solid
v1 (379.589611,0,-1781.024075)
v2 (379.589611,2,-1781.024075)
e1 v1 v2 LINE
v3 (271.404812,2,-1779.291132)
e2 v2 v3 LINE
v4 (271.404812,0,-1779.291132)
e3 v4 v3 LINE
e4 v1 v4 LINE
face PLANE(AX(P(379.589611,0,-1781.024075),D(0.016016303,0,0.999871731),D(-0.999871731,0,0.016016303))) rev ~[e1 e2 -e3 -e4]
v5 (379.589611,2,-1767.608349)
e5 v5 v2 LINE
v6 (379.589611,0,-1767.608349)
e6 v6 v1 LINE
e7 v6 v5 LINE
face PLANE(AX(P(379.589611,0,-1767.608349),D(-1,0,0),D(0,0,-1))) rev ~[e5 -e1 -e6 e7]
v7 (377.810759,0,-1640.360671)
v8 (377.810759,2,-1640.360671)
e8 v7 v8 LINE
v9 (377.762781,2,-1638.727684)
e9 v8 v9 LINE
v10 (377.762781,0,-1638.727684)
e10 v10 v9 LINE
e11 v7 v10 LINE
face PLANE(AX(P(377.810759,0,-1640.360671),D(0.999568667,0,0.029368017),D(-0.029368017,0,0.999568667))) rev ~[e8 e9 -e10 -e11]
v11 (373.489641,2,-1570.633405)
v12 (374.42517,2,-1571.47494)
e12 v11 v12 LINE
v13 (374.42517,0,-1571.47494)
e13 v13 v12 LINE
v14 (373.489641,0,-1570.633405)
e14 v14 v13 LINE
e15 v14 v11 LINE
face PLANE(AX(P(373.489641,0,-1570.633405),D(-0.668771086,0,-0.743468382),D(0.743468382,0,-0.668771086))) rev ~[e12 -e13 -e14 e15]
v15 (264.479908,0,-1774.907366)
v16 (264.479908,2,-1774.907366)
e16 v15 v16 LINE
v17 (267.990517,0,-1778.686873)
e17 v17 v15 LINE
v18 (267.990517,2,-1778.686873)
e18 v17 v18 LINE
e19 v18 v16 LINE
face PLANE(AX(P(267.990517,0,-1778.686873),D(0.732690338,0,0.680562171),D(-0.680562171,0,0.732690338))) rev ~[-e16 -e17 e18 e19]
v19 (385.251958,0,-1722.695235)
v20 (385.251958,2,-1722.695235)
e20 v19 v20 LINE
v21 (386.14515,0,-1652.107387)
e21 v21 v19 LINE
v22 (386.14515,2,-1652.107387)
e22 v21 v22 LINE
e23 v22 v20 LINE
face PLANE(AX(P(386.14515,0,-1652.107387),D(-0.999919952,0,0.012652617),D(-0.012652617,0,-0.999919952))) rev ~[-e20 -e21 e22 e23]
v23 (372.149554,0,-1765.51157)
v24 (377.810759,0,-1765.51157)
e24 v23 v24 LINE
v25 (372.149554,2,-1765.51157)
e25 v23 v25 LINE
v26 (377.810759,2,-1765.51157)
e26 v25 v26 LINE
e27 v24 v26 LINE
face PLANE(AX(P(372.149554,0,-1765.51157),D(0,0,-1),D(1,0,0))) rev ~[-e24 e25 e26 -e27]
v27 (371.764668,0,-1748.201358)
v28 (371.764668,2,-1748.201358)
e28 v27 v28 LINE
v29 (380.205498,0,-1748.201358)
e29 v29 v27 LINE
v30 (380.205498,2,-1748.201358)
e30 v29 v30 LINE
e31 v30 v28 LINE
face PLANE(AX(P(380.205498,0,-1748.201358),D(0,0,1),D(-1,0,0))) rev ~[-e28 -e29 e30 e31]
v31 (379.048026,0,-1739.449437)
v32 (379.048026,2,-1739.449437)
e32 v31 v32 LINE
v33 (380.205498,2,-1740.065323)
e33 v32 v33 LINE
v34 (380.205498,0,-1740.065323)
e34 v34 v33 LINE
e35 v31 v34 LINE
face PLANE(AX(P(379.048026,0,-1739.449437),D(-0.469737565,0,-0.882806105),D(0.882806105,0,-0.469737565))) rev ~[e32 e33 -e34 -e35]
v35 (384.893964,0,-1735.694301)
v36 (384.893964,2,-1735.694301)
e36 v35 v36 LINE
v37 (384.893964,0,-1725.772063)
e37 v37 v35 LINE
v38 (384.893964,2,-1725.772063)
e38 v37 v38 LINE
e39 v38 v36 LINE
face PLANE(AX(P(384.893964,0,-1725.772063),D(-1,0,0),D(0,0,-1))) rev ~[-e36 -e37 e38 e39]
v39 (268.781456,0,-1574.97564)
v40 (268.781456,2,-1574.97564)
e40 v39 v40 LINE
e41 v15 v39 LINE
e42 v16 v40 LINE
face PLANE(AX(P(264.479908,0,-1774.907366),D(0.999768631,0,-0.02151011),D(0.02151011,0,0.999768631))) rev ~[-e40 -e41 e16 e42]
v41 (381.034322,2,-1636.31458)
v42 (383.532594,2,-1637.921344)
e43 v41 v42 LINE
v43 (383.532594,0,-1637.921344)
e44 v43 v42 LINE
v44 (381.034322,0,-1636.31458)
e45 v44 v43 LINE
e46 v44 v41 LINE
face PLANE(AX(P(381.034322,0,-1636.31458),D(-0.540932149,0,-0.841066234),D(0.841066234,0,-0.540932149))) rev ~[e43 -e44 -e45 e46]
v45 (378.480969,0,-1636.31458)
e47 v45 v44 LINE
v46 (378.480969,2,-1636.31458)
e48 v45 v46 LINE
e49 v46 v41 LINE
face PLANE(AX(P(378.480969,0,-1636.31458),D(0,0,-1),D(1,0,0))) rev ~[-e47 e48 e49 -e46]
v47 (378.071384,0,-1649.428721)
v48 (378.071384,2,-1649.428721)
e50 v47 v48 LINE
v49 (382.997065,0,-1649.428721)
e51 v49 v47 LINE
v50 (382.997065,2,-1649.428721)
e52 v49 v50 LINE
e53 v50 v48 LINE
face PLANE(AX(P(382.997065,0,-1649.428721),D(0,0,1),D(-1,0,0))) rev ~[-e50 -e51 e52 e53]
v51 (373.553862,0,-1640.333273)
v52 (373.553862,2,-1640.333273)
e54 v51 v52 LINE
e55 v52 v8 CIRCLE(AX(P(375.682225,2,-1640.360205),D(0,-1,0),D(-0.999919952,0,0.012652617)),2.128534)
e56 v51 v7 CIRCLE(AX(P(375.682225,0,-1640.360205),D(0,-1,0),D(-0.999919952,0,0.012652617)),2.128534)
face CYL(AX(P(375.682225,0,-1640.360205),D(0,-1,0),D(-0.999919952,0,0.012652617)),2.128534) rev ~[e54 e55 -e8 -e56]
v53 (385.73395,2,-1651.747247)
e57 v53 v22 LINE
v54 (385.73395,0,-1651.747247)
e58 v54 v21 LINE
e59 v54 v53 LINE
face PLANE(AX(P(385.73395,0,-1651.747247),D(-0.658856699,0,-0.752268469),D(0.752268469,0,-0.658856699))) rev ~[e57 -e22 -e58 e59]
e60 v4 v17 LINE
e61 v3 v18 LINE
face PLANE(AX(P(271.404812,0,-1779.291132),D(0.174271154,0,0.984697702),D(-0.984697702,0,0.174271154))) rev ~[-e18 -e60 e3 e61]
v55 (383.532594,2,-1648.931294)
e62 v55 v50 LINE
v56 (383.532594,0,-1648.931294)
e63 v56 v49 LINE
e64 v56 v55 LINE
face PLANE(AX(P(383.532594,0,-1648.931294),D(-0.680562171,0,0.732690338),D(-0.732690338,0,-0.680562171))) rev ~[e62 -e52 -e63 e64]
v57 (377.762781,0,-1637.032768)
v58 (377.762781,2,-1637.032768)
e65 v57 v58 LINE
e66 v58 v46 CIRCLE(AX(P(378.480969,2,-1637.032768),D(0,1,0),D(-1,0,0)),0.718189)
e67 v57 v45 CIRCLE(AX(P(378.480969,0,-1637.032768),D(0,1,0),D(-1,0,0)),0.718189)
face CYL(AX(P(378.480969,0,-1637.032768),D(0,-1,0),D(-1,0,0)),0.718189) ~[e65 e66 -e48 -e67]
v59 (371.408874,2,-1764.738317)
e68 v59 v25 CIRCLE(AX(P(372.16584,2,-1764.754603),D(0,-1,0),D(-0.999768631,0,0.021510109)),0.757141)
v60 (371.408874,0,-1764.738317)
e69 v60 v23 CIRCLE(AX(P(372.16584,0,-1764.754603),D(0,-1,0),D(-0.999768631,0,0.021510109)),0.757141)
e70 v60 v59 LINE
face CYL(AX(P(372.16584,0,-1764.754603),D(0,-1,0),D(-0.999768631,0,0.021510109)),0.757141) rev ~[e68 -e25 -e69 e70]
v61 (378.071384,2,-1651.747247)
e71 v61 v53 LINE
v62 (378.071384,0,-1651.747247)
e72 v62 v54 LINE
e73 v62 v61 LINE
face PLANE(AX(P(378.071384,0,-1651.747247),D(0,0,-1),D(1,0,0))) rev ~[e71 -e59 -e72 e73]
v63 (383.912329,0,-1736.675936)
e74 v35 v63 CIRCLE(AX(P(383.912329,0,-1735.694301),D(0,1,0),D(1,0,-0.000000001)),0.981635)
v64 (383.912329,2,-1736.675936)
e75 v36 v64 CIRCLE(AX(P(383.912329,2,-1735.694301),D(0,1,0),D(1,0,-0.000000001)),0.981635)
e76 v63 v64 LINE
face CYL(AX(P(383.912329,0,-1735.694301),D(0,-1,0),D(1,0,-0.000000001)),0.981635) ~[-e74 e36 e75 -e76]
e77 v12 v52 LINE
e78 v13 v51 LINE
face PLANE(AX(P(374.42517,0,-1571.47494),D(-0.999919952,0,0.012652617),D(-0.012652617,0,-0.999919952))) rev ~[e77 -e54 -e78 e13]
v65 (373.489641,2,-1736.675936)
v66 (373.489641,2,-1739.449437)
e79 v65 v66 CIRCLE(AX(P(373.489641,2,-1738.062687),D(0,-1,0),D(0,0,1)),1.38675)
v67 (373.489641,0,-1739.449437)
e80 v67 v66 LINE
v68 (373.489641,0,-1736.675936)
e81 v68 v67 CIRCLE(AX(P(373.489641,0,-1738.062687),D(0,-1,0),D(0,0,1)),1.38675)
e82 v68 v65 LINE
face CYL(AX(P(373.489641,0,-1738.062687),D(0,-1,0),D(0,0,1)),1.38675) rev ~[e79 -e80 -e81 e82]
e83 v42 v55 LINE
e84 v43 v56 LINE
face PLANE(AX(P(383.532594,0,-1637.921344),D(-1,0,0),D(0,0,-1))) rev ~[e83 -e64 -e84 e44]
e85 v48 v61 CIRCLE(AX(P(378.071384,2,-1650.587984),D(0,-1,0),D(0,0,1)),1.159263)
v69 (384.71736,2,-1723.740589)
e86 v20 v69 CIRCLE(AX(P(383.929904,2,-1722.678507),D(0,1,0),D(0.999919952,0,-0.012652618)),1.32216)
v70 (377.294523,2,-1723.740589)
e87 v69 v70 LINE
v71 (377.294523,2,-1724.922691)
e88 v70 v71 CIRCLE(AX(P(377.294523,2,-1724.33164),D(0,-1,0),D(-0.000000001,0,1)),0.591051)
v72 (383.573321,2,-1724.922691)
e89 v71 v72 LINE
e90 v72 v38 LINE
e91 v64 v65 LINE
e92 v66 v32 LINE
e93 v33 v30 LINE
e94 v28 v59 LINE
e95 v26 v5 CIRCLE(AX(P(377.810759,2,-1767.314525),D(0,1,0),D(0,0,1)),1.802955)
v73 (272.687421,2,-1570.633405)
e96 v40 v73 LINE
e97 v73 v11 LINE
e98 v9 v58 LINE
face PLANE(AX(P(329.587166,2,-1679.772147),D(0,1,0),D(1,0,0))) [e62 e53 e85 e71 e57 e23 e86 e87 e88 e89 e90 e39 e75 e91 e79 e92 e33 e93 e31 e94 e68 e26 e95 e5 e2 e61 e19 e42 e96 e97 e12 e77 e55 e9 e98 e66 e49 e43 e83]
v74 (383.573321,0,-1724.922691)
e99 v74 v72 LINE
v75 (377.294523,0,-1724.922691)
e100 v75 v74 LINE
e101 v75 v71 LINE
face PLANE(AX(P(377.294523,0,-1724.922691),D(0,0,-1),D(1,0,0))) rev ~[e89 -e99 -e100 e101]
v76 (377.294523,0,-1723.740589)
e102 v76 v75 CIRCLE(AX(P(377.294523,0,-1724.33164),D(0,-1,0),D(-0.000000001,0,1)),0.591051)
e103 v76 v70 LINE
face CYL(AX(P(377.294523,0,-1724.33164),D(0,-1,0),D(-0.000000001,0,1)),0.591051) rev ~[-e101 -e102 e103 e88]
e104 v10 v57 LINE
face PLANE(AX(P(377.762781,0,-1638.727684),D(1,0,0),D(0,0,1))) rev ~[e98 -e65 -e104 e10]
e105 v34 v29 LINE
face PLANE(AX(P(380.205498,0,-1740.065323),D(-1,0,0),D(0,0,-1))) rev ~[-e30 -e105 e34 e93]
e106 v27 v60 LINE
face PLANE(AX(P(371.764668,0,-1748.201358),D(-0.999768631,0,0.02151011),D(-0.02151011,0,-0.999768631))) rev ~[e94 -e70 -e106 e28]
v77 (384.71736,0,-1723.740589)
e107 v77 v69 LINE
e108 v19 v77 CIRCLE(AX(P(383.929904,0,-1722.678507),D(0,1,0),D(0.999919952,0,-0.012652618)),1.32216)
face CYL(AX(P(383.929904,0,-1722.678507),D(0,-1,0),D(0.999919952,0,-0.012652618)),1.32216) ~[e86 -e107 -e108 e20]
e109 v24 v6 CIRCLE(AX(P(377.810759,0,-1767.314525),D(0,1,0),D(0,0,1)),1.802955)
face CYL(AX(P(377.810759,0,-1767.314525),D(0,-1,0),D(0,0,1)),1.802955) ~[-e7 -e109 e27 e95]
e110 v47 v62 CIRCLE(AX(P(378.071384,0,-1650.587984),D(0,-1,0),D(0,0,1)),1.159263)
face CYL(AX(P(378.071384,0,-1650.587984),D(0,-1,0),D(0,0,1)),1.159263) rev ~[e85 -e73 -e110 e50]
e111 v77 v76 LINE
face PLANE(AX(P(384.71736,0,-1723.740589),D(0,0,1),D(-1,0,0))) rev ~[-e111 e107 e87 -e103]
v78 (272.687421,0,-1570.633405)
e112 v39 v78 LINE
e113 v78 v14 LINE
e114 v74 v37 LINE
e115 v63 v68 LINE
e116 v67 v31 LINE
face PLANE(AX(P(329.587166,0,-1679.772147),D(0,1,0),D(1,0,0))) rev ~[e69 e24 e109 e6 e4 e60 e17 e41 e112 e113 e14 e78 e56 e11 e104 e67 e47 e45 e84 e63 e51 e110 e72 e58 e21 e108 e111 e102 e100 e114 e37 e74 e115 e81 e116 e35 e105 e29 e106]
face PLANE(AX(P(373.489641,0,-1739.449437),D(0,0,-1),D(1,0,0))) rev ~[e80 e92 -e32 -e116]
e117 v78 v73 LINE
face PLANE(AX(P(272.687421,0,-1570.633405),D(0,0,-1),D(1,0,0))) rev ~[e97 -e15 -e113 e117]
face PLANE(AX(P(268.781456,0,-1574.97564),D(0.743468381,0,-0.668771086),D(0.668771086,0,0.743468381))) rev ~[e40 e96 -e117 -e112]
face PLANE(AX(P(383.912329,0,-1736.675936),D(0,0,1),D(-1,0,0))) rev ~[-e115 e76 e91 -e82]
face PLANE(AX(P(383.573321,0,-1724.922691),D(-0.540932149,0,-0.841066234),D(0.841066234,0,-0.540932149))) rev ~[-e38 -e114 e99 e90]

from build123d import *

# Parameters (mm, degrees)
BOSS_EXTRUDE1_DEPTH = 2


with BuildPart() as part:
    # Sketch2 → Boss-Extrude1 (new body)
    with BuildSketch(Plane(origin=(0, 0, 0), x_dir=(1, 0, 0), z_dir=(0, 1, 0))):
        with BuildLine():
            Line((377.810759056, 1640.360670751), (377.762780786, 1638.727684223))
            Line((377.762780786, 1638.727684223), (377.762780786, 1637.032768164))
            ThreePointArc((377.762780786, 1637.032768164), (377.973133338, 1636.52493218), (378.480969321, 1636.314579628))
            Line((378.480969321, 1636.314579628), (381.034322317, 1636.314579628))
            Line((381.034322317, 1636.314579628), (383.53259373, 1637.921344077))
            Line((383.53259373, 1637.921344077), (383.53259373, 1648.93129383))
            Line((383.53259373, 1648.93129383), (382.997065463, 1649.428721271))
            Line((382.997065463, 1649.428721271), (378.071384282, 1649.428721271))
            ThreePointArc((378.071384282, 1649.428721271), (376.912121238, 1650.587984315), (378.071384282, 1651.747247359))
            Line((378.071384282, 1651.747247359), (385.733950351, 1651.747247359))
            Line((385.733950351, 1651.747247359), (386.145150231, 1652.107387132))
            Line((386.145150231, 1652.107387132), (385.251957701, 1722.695235293))
            ThreePointArc((385.251957701, 1722.695235293), (385.107061178, 1723.280508889), (384.717360317, 1723.740588689))
            Line((384.717360317, 1723.740588689), (377.294522639, 1723.740588689))
            ThreePointArc((377.294522639, 1723.740588689), (376.703471551, 1724.331639778), (377.294522639, 1724.922690866))
            Line((377.294522639, 1724.922690866), (383.5733207, 1724.922690866))
            Line((383.5733207, 1724.922690866), (384.893964101, 1725.772063299))
            Line((384.893964101, 1725.772063299), (384.893964101, 1735.694301181))
            ThreePointArc((384.893964101, 1735.694301181), (384.606449822, 1736.388422052), (383.912328951, 1736.675936331))
            Line((383.912328951, 1736.675936331), (373.489641238, 1736.675936331))
            ThreePointArc((373.489641238, 1736.675936331), (372.1028909, 1738.062686668), (373.489641238, 1739.449437006))
            Line((373.489641238, 1739.449437006), (379.048025738, 1739.449437006))
            Line((379.048025738, 1739.449437006), (380.205497535, 1740.065323077))
            Line((380.205497535, 1740.065323077), (380.205497535, 1748.201358299))
            Line((380.205497535, 1748.201358299), (371.764667819, 1748.201358299))
            Line((371.764667819, 1748.201358299), (371.408873695, 1764.738317132))
            ThreePointArc((371.408873695, 1764.738317132), (371.619067882, 1765.278343177), (372.149553695, 1765.511569521))
            Line((372.149553695, 1765.511569521), (377.810759056, 1765.511569521))
            ThreePointArc((377.810759056, 1765.511569521), (379.185604537, 1766.148142401), (379.589611464, 1767.608349076))
            Line((379.589611464, 1767.608349076), (379.589611464, 1781.024075112))
            Line((379.589611464, 1781.024075112), (271.404811714, 1779.291132304))
            Line((271.404811714, 1779.291132304), (267.990517204, 1778.686872698))
            Line((267.990517204, 1778.686872698), (264.479907812, 1774.907365565))
            Line((264.479907812, 1774.907365565), (268.781456477, 1574.975639595))
            Line((268.781456477, 1574.975639595), (272.687420737, 1570.633405031))
            Line((272.687420737, 1570.633405031), (373.489641238, 1570.633405031))
            Line((373.489641238, 1570.633405031), (374.425169749, 1571.4749397))
            Line((374.425169749, 1571.4749397), (373.553861857, 1640.333273274))
            ThreePointArc((373.553861857, 1640.333273274), (375.668526286, 1642.488694532), (377.810759056, 1640.360670751))
        make_face()
    extrude(amount=BOSS_EXTRUDE1_DEPTH)


solid = part.part
